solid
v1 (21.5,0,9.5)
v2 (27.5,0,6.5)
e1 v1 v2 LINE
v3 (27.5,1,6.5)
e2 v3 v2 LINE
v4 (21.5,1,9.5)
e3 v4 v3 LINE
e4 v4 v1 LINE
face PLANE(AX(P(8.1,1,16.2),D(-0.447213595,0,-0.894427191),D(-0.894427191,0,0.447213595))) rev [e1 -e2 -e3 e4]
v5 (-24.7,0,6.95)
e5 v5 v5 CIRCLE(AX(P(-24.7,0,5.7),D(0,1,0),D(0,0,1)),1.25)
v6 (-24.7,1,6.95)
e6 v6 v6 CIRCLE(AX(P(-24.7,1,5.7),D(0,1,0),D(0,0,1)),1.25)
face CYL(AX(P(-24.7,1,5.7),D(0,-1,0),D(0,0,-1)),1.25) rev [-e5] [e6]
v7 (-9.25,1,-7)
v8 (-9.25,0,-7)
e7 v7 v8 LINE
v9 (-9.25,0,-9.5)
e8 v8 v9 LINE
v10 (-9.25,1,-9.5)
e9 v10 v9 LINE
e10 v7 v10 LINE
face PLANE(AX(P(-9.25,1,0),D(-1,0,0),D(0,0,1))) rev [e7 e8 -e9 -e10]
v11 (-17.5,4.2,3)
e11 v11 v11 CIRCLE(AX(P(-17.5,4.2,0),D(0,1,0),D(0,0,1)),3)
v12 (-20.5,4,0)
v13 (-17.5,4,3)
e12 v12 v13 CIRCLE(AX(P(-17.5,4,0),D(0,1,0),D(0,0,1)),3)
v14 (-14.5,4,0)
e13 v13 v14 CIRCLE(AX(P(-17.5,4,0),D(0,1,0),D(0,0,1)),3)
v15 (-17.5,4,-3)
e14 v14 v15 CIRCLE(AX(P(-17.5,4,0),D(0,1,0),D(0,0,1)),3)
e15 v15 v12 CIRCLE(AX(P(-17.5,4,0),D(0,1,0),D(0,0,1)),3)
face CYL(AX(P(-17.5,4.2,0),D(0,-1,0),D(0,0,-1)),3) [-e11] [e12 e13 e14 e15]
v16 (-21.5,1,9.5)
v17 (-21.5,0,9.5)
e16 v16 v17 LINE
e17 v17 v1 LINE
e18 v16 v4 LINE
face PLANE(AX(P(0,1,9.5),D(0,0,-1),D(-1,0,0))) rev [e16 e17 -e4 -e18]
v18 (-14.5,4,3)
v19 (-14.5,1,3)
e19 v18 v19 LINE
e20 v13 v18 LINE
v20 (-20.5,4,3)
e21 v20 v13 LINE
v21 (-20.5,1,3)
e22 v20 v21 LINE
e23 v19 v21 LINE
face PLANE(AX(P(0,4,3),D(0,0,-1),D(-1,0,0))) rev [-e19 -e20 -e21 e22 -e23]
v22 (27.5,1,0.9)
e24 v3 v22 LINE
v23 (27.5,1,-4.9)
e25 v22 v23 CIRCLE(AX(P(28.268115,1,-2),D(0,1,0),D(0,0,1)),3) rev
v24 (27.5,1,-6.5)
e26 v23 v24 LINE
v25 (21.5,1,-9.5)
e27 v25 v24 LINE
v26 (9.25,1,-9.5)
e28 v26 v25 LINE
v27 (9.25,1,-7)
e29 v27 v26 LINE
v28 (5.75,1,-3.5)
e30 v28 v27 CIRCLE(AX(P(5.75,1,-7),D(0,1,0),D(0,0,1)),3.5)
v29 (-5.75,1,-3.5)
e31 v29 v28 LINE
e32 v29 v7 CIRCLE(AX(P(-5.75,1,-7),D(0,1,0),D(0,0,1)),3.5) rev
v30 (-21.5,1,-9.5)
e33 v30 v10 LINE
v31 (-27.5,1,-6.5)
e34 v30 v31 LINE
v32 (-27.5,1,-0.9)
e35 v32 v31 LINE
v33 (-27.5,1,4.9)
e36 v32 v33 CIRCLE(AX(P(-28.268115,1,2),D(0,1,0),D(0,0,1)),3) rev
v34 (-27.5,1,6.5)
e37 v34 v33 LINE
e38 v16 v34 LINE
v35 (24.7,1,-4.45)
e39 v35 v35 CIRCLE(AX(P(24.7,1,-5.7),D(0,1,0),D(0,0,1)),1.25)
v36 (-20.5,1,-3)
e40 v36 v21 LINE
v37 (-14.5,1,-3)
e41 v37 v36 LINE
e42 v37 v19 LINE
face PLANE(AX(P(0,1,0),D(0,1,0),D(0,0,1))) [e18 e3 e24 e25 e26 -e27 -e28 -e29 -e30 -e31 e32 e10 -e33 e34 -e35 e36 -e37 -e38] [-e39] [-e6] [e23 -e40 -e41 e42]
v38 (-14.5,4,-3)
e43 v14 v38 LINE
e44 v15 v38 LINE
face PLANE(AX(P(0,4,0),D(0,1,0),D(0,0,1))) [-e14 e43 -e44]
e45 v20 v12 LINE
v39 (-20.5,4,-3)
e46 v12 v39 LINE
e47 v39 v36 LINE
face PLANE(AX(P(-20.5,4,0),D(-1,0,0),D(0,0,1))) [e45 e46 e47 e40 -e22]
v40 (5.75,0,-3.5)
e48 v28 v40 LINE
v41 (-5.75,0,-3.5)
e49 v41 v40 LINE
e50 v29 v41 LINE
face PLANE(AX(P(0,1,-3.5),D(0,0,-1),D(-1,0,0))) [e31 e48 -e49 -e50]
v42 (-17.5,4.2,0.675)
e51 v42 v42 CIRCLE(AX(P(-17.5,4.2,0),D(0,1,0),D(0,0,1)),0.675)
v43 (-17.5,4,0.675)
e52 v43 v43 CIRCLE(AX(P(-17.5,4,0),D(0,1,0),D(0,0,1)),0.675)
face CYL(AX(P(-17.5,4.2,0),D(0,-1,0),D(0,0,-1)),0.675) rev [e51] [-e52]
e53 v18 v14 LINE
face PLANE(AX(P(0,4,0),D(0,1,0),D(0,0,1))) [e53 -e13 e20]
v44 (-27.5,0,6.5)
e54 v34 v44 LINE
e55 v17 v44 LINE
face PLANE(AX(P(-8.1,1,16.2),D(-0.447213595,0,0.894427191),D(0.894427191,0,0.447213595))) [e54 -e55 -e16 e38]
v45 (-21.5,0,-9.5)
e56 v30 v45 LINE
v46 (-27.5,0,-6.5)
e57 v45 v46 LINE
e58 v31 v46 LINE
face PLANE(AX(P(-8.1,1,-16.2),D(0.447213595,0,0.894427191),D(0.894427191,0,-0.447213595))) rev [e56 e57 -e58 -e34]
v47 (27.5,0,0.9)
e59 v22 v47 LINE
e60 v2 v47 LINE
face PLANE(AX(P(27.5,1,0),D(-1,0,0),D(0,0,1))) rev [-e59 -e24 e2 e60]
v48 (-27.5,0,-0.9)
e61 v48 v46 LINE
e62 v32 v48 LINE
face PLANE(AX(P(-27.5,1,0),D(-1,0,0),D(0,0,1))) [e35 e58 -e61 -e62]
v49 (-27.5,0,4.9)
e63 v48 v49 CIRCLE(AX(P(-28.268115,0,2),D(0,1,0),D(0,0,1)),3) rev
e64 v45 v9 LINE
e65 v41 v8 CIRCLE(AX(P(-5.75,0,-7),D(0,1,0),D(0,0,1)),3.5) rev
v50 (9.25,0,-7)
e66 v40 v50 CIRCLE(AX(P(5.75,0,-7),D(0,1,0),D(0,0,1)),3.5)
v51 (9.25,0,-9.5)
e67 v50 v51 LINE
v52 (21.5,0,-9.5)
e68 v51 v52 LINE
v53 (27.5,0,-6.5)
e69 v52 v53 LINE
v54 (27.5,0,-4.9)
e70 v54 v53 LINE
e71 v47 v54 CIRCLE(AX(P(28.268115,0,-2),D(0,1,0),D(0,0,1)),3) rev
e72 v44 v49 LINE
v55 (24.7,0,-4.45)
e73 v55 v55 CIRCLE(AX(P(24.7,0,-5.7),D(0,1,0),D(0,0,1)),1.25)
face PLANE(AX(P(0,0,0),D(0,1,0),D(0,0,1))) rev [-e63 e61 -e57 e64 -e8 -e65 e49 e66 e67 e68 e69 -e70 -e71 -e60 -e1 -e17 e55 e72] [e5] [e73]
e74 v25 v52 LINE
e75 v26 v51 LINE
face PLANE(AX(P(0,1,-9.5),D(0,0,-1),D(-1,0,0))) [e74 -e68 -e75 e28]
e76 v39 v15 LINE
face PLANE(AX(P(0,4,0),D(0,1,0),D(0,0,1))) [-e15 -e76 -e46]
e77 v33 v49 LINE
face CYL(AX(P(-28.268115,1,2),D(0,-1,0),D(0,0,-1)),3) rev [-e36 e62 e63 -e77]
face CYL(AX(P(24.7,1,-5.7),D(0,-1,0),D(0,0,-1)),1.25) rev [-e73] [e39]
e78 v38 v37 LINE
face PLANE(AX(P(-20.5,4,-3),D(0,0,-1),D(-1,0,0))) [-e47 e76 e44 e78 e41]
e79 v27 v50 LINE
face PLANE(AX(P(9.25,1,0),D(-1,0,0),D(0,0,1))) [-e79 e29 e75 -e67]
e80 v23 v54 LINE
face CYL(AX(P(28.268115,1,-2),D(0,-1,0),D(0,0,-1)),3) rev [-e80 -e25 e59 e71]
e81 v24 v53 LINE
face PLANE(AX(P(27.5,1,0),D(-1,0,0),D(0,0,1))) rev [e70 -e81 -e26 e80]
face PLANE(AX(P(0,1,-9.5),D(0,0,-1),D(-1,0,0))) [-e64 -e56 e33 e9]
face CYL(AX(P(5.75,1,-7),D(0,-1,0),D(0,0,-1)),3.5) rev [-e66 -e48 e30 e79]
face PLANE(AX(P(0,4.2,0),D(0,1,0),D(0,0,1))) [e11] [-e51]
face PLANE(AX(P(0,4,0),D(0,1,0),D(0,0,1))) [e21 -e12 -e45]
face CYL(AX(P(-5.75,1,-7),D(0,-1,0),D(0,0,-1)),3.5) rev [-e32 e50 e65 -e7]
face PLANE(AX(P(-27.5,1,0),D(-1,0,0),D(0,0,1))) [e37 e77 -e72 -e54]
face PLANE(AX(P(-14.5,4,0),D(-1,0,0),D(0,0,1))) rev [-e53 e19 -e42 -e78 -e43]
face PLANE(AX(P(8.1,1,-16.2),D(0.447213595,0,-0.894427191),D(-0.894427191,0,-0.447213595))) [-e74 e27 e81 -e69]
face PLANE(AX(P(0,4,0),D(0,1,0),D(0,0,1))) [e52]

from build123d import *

# Parameters (mm, degrees)
SKETCH_1_R      = 1.25
EXTRUDE_1_DEPTH = 1
SKETCH_1_3_W    = 6
SKETCH_1_3_H    = 6
EXTRUDE_2_DEPTH = 4
EXTRUDE_START   = 4
SKETCH_1_4_R    = 0.675
EXTRUDE_5_DEPTH = 0.2


with BuildPart() as part:
    # 草圖1 → 填料-伸長1 (new body)
    with BuildSketch(Plane(origin=(0, 0, 0), x_dir=(1, 0, 0), z_dir=(0, 1, 0))):
        with BuildLine():
            Line((-27.5, -6.5), (-21.5, -9.5))
            Line((-21.5, -9.5), (21.5, -9.5))
            Line((21.5, -9.5), (27.5, -6.5))
            Line((27.5, -6.5), (27.5, -0.9))
            ThreePointArc((27.5, -0.9), (25.268114575, 2), (27.5, 4.9))
            Line((27.5, 4.9), (27.5, 6.5))
            Line((27.5, 6.5), (21.5, 9.5))
            Line((21.5, 9.5), (9.25, 9.5))
            Line((9.25, 9.5), (9.25, 7))
            ThreePointArc((9.25, 7), (8.224873734, 4.525126266), (5.75, 3.5))
            Line((5.75, 3.5), (-5.75, 3.5))
            ThreePointArc((-5.75, 3.5), (-8.224873734, 4.525126266), (-9.25, 7))
            Line((-9.25, 7), (-9.25, 9.5))
            Line((-9.25, 9.5), (-21.5, 9.5))
            Line((-21.5, 9.5), (-27.5, 6.5))
            Line((-27.5, 6.5), (-27.5, 0.9))
            ThreePointArc((-27.5, 0.9), (-25.268114575, -2), (-27.5, -4.9))
            Line((-27.5, -4.9), (-27.5, -6.5))
        make_face()
        with Locations((-24.699999952, -5.700000209)):
            Circle(SKETCH_1_R, mode=Mode.SUBTRACT)
        with Locations((24.7, 5.7)):
            Circle(SKETCH_1_R, mode=Mode.SUBTRACT)
    extrude(amount=EXTRUDE_1_DEPTH)

    # 草圖1<3> → 填料-伸長2 (add)
    with BuildSketch(Plane(origin=(0, 0, 0), x_dir=(1, 0, 0), z_dir=(0, 1, 0))):
        with Locations((-17.5, 0)):
            Rectangle(SKETCH_1_3_W, SKETCH_1_3_H)
    extrude(amount=EXTRUDE_2_DEPTH)

    # 草圖1<4> → 填料-伸長5 (add)
    with BuildSketch(Plane(origin=(0, 0, 0), x_dir=(1, 0, 0), z_dir=(0, 1, 0)).offset(EXTRUDE_START)):
        with BuildLine():
            ThreePointArc((-20.5, 0), (-19.621320344, -2.121320344), (-17.5, -3))
            ThreePointArc((-17.5, -3), (-15.378679656, -2.121320344), (-14.5, 0))
            ThreePointArc((-14.5, 0), (-15.378679656, 2.121320344), (-17.5, 3))
            ThreePointArc((-17.5, 3), (-19.621320344, 2.121320344), (-20.5, 0))
        make_face()
        with Locations((-17.5, 0)):
            Circle(SKETCH_1_4_R, mode=Mode.SUBTRACT)
    extrude(amount=EXTRUDE_5_DEPTH)


solid = part.part
